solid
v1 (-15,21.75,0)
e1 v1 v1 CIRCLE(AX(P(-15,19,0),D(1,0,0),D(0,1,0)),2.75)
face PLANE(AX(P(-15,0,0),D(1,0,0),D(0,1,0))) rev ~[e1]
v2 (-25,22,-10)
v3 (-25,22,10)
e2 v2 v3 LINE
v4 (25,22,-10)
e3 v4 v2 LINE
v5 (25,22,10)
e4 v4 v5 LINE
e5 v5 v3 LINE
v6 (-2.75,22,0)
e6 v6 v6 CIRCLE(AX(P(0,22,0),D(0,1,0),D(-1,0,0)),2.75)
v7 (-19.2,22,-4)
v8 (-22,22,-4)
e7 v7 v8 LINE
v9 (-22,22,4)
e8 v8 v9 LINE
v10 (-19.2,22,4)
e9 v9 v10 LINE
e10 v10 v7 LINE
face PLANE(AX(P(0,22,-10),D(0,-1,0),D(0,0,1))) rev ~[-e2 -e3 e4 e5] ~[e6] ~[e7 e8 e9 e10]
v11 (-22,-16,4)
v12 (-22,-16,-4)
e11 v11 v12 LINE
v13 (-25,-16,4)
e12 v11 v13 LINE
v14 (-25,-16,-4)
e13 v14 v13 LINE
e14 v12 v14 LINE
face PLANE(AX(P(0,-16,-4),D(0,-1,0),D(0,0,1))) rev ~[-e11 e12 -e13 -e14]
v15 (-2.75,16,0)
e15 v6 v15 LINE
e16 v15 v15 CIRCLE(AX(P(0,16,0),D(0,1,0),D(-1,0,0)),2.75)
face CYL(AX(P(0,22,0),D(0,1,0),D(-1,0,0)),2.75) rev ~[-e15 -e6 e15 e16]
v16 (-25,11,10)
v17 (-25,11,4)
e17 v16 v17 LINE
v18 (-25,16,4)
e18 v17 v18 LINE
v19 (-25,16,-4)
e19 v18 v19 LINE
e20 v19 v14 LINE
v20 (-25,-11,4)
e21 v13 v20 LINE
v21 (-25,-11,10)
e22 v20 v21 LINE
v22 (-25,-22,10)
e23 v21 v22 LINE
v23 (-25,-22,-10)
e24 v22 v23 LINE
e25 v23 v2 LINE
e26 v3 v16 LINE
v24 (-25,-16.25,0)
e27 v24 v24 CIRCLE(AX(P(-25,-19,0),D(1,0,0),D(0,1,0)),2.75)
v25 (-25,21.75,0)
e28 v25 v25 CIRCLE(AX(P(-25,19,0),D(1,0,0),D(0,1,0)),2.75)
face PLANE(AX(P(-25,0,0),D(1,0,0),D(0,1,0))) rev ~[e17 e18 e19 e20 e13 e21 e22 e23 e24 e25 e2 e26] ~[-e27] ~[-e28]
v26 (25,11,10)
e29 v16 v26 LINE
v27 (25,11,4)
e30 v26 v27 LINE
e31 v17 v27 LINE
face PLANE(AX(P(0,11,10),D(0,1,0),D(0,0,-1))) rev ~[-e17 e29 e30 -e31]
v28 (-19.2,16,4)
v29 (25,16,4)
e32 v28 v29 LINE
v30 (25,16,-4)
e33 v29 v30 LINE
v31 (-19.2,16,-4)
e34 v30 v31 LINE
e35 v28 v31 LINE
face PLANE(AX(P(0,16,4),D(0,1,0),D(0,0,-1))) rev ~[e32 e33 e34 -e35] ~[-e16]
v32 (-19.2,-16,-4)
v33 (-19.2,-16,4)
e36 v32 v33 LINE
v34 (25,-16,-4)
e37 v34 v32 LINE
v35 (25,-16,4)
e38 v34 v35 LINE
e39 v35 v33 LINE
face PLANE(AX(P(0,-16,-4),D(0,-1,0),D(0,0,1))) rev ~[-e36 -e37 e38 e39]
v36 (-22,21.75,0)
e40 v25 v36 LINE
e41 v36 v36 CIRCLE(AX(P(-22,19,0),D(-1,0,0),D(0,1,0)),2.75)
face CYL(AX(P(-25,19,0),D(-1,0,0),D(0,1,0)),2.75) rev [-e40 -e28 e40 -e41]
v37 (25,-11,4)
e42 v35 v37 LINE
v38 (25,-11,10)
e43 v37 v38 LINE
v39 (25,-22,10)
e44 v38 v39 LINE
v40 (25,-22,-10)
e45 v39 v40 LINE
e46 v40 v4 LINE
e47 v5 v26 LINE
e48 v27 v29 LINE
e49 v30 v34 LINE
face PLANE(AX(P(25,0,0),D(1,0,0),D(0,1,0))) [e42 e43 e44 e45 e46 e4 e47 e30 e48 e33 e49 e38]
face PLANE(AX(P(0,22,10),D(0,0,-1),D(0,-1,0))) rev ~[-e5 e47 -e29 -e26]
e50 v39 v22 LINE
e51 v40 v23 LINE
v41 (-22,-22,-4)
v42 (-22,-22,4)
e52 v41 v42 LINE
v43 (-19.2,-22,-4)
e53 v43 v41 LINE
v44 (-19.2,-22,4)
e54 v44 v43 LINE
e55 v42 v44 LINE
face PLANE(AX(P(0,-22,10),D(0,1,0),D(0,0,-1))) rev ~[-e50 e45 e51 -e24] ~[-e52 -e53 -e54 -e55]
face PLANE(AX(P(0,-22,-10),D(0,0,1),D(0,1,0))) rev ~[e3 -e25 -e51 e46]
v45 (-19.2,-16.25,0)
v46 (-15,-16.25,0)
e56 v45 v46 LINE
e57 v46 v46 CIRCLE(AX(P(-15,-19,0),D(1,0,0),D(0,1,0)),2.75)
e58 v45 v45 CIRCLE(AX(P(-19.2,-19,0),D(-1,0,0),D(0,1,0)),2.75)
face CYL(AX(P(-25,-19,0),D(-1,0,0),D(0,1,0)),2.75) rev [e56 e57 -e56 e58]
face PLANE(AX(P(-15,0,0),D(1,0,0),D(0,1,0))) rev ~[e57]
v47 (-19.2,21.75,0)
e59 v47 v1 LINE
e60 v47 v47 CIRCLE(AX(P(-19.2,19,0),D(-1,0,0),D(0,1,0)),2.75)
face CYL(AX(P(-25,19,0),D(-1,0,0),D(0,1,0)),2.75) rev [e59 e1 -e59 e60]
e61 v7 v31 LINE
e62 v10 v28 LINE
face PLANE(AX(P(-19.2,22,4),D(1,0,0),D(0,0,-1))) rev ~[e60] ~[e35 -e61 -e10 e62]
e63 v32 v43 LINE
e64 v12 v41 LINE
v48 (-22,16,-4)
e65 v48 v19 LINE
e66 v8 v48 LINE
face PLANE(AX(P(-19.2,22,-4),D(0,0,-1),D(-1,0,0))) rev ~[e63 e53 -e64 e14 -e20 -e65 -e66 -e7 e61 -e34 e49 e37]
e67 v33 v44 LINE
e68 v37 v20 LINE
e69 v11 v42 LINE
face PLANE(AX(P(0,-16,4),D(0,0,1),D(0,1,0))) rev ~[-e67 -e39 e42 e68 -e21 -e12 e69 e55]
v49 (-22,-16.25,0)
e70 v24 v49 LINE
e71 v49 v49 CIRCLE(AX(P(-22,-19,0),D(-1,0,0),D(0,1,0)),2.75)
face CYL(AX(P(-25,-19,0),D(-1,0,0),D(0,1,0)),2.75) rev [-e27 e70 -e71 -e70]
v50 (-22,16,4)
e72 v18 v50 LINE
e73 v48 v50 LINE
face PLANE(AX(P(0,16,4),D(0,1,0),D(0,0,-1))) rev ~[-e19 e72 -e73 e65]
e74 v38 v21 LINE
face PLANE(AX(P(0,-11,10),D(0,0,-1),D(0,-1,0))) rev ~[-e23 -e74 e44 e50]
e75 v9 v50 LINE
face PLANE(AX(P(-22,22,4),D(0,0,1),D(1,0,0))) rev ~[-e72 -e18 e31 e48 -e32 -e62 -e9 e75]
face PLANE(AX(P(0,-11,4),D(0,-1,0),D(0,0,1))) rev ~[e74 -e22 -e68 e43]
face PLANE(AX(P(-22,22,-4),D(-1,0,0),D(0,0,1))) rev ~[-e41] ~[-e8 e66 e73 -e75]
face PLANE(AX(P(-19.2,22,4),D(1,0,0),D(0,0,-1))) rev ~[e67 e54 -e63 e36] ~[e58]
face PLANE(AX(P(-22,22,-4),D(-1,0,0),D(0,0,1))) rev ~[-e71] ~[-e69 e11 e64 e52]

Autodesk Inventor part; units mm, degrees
ref_plane "XY Plane" through (0, 0, 0) normal (0, 0, 1) x (1, 0, 0)
sketch "Sketch1" plane through (0, 0, 0) normal (1, 0, 0) x (0, 1, 0)
  line L0 (11, 10) -> (11, 4)
  line L1 (11, 4) -> (16, 4)
  line L2 (16, 4) -> (16, -4)
  line L3 (16, -4) -> (-16, -4)
  line L4 (-16, -4) -> (-16, 4)
  line L5 (-16, 4) -> (-11, 4)
  line L6 (-11, 4) -> (-11, 10)
  line L7 (-11, 10) -> (-22, 10)
  line L8 (-22, 10) -> (-22, -10)
  line L9 (-22, -10) -> (22, -10)
  line L10 (22, -10) -> (22, 10)
  line L11 (22, 10) -> (11, 10)
  line L12 (11, 7) -> (-11, 7) construction
  line L13 (16, 0) -> (-16, 0) construction
  point P0 (0, 0)
  point P1 (-13.5, 4)
  point P2 (13.5, 4)
  point P3 (16.5, 10)
  point P4 (-16.5, 10)
  point P5 (22, 0)
  point P6 (0, -10)
  point P7 (0, 7)
  point P8 (0, 0)
  dimension "d0" = 22
  dimension "d1" = 32
  dimension "d2" = 6
  dimension "d3" = 14
  dimension "d4" = 44
  dimension "d5" = 20
extrude "Extrusion1" add sketch "Sketch1" along normal mid plane 50
ref_plane "Work Plane1" through (0, 22, 0) normal (0, 1, 0) x (-1, 0, 0)
sketch "Sketch2" plane through (0, 22, 0) normal (0, 1, 0) x (-1, 0, 0)
  line L0 (25, 10) -> (-25, 10) construction
  line L1 (-25, -10) -> (-25, 10) construction
  line L2 (25, -10) -> (-25, -10) construction
  line L3 (25, 10) -> (25, -10) construction
  line L4 (-25, 0) -> (25, 0) construction
  circle A0 centre (0, 0) radius 2.75
  point P0 (0, 0)
  dimension "d9" = 5.5
  dimension "d10" = 25
extrude "Extrusion2" cut sketch "Sketch2" against normal up to surface (6 mm away)
sketch "Sketch3" plane through (0, 22, 0) normal (0, 1, 0) x (-1, 0, 0)
  line L0 (22, 4) -> (19.2, 4)
  line L1 (19.2, 4) -> (19.2, -4)
  line L2 (19.2, -4) -> (22, -4)
  line L3 (22, -4) -> (22, 4)
  line L4 (25, 10) -> (25, -10) construction
  point P0 (0, 0)
  point P1 (19.2, 0)
  dimension "d13" = 8
  dimension "d14" = 3
  dimension "d15" = 2.8
extrude "Extrusion3" cut sketch "Sketch3" against normal through all
ref_plane "Work Plane2" through (-25, 0, 0) normal (1, 0, 0) x (0, 1, 0)
sketch "Sketch4" plane through (-25, 0, 0) normal (1, 0, 0) x (0, 1, 0)
  circle A0 centre (19, 0) radius 2.75
  line L0 (0, -10) -> (0, 10) construction
  line L1 (22, -10) -> (-22, -10) construction
  circle A1 centre (-19, 0) radius 2.75
  point P0 (0, 0)
  point P1 (11, 10)
  point P2 (0, 0)
  dimension "d19" = 5.5
  dimension "d20" = 19
extrude "Extrusion4" cut sketch "Sketch4" along normal blind 10
properties part number "cuerpo_obj2"
